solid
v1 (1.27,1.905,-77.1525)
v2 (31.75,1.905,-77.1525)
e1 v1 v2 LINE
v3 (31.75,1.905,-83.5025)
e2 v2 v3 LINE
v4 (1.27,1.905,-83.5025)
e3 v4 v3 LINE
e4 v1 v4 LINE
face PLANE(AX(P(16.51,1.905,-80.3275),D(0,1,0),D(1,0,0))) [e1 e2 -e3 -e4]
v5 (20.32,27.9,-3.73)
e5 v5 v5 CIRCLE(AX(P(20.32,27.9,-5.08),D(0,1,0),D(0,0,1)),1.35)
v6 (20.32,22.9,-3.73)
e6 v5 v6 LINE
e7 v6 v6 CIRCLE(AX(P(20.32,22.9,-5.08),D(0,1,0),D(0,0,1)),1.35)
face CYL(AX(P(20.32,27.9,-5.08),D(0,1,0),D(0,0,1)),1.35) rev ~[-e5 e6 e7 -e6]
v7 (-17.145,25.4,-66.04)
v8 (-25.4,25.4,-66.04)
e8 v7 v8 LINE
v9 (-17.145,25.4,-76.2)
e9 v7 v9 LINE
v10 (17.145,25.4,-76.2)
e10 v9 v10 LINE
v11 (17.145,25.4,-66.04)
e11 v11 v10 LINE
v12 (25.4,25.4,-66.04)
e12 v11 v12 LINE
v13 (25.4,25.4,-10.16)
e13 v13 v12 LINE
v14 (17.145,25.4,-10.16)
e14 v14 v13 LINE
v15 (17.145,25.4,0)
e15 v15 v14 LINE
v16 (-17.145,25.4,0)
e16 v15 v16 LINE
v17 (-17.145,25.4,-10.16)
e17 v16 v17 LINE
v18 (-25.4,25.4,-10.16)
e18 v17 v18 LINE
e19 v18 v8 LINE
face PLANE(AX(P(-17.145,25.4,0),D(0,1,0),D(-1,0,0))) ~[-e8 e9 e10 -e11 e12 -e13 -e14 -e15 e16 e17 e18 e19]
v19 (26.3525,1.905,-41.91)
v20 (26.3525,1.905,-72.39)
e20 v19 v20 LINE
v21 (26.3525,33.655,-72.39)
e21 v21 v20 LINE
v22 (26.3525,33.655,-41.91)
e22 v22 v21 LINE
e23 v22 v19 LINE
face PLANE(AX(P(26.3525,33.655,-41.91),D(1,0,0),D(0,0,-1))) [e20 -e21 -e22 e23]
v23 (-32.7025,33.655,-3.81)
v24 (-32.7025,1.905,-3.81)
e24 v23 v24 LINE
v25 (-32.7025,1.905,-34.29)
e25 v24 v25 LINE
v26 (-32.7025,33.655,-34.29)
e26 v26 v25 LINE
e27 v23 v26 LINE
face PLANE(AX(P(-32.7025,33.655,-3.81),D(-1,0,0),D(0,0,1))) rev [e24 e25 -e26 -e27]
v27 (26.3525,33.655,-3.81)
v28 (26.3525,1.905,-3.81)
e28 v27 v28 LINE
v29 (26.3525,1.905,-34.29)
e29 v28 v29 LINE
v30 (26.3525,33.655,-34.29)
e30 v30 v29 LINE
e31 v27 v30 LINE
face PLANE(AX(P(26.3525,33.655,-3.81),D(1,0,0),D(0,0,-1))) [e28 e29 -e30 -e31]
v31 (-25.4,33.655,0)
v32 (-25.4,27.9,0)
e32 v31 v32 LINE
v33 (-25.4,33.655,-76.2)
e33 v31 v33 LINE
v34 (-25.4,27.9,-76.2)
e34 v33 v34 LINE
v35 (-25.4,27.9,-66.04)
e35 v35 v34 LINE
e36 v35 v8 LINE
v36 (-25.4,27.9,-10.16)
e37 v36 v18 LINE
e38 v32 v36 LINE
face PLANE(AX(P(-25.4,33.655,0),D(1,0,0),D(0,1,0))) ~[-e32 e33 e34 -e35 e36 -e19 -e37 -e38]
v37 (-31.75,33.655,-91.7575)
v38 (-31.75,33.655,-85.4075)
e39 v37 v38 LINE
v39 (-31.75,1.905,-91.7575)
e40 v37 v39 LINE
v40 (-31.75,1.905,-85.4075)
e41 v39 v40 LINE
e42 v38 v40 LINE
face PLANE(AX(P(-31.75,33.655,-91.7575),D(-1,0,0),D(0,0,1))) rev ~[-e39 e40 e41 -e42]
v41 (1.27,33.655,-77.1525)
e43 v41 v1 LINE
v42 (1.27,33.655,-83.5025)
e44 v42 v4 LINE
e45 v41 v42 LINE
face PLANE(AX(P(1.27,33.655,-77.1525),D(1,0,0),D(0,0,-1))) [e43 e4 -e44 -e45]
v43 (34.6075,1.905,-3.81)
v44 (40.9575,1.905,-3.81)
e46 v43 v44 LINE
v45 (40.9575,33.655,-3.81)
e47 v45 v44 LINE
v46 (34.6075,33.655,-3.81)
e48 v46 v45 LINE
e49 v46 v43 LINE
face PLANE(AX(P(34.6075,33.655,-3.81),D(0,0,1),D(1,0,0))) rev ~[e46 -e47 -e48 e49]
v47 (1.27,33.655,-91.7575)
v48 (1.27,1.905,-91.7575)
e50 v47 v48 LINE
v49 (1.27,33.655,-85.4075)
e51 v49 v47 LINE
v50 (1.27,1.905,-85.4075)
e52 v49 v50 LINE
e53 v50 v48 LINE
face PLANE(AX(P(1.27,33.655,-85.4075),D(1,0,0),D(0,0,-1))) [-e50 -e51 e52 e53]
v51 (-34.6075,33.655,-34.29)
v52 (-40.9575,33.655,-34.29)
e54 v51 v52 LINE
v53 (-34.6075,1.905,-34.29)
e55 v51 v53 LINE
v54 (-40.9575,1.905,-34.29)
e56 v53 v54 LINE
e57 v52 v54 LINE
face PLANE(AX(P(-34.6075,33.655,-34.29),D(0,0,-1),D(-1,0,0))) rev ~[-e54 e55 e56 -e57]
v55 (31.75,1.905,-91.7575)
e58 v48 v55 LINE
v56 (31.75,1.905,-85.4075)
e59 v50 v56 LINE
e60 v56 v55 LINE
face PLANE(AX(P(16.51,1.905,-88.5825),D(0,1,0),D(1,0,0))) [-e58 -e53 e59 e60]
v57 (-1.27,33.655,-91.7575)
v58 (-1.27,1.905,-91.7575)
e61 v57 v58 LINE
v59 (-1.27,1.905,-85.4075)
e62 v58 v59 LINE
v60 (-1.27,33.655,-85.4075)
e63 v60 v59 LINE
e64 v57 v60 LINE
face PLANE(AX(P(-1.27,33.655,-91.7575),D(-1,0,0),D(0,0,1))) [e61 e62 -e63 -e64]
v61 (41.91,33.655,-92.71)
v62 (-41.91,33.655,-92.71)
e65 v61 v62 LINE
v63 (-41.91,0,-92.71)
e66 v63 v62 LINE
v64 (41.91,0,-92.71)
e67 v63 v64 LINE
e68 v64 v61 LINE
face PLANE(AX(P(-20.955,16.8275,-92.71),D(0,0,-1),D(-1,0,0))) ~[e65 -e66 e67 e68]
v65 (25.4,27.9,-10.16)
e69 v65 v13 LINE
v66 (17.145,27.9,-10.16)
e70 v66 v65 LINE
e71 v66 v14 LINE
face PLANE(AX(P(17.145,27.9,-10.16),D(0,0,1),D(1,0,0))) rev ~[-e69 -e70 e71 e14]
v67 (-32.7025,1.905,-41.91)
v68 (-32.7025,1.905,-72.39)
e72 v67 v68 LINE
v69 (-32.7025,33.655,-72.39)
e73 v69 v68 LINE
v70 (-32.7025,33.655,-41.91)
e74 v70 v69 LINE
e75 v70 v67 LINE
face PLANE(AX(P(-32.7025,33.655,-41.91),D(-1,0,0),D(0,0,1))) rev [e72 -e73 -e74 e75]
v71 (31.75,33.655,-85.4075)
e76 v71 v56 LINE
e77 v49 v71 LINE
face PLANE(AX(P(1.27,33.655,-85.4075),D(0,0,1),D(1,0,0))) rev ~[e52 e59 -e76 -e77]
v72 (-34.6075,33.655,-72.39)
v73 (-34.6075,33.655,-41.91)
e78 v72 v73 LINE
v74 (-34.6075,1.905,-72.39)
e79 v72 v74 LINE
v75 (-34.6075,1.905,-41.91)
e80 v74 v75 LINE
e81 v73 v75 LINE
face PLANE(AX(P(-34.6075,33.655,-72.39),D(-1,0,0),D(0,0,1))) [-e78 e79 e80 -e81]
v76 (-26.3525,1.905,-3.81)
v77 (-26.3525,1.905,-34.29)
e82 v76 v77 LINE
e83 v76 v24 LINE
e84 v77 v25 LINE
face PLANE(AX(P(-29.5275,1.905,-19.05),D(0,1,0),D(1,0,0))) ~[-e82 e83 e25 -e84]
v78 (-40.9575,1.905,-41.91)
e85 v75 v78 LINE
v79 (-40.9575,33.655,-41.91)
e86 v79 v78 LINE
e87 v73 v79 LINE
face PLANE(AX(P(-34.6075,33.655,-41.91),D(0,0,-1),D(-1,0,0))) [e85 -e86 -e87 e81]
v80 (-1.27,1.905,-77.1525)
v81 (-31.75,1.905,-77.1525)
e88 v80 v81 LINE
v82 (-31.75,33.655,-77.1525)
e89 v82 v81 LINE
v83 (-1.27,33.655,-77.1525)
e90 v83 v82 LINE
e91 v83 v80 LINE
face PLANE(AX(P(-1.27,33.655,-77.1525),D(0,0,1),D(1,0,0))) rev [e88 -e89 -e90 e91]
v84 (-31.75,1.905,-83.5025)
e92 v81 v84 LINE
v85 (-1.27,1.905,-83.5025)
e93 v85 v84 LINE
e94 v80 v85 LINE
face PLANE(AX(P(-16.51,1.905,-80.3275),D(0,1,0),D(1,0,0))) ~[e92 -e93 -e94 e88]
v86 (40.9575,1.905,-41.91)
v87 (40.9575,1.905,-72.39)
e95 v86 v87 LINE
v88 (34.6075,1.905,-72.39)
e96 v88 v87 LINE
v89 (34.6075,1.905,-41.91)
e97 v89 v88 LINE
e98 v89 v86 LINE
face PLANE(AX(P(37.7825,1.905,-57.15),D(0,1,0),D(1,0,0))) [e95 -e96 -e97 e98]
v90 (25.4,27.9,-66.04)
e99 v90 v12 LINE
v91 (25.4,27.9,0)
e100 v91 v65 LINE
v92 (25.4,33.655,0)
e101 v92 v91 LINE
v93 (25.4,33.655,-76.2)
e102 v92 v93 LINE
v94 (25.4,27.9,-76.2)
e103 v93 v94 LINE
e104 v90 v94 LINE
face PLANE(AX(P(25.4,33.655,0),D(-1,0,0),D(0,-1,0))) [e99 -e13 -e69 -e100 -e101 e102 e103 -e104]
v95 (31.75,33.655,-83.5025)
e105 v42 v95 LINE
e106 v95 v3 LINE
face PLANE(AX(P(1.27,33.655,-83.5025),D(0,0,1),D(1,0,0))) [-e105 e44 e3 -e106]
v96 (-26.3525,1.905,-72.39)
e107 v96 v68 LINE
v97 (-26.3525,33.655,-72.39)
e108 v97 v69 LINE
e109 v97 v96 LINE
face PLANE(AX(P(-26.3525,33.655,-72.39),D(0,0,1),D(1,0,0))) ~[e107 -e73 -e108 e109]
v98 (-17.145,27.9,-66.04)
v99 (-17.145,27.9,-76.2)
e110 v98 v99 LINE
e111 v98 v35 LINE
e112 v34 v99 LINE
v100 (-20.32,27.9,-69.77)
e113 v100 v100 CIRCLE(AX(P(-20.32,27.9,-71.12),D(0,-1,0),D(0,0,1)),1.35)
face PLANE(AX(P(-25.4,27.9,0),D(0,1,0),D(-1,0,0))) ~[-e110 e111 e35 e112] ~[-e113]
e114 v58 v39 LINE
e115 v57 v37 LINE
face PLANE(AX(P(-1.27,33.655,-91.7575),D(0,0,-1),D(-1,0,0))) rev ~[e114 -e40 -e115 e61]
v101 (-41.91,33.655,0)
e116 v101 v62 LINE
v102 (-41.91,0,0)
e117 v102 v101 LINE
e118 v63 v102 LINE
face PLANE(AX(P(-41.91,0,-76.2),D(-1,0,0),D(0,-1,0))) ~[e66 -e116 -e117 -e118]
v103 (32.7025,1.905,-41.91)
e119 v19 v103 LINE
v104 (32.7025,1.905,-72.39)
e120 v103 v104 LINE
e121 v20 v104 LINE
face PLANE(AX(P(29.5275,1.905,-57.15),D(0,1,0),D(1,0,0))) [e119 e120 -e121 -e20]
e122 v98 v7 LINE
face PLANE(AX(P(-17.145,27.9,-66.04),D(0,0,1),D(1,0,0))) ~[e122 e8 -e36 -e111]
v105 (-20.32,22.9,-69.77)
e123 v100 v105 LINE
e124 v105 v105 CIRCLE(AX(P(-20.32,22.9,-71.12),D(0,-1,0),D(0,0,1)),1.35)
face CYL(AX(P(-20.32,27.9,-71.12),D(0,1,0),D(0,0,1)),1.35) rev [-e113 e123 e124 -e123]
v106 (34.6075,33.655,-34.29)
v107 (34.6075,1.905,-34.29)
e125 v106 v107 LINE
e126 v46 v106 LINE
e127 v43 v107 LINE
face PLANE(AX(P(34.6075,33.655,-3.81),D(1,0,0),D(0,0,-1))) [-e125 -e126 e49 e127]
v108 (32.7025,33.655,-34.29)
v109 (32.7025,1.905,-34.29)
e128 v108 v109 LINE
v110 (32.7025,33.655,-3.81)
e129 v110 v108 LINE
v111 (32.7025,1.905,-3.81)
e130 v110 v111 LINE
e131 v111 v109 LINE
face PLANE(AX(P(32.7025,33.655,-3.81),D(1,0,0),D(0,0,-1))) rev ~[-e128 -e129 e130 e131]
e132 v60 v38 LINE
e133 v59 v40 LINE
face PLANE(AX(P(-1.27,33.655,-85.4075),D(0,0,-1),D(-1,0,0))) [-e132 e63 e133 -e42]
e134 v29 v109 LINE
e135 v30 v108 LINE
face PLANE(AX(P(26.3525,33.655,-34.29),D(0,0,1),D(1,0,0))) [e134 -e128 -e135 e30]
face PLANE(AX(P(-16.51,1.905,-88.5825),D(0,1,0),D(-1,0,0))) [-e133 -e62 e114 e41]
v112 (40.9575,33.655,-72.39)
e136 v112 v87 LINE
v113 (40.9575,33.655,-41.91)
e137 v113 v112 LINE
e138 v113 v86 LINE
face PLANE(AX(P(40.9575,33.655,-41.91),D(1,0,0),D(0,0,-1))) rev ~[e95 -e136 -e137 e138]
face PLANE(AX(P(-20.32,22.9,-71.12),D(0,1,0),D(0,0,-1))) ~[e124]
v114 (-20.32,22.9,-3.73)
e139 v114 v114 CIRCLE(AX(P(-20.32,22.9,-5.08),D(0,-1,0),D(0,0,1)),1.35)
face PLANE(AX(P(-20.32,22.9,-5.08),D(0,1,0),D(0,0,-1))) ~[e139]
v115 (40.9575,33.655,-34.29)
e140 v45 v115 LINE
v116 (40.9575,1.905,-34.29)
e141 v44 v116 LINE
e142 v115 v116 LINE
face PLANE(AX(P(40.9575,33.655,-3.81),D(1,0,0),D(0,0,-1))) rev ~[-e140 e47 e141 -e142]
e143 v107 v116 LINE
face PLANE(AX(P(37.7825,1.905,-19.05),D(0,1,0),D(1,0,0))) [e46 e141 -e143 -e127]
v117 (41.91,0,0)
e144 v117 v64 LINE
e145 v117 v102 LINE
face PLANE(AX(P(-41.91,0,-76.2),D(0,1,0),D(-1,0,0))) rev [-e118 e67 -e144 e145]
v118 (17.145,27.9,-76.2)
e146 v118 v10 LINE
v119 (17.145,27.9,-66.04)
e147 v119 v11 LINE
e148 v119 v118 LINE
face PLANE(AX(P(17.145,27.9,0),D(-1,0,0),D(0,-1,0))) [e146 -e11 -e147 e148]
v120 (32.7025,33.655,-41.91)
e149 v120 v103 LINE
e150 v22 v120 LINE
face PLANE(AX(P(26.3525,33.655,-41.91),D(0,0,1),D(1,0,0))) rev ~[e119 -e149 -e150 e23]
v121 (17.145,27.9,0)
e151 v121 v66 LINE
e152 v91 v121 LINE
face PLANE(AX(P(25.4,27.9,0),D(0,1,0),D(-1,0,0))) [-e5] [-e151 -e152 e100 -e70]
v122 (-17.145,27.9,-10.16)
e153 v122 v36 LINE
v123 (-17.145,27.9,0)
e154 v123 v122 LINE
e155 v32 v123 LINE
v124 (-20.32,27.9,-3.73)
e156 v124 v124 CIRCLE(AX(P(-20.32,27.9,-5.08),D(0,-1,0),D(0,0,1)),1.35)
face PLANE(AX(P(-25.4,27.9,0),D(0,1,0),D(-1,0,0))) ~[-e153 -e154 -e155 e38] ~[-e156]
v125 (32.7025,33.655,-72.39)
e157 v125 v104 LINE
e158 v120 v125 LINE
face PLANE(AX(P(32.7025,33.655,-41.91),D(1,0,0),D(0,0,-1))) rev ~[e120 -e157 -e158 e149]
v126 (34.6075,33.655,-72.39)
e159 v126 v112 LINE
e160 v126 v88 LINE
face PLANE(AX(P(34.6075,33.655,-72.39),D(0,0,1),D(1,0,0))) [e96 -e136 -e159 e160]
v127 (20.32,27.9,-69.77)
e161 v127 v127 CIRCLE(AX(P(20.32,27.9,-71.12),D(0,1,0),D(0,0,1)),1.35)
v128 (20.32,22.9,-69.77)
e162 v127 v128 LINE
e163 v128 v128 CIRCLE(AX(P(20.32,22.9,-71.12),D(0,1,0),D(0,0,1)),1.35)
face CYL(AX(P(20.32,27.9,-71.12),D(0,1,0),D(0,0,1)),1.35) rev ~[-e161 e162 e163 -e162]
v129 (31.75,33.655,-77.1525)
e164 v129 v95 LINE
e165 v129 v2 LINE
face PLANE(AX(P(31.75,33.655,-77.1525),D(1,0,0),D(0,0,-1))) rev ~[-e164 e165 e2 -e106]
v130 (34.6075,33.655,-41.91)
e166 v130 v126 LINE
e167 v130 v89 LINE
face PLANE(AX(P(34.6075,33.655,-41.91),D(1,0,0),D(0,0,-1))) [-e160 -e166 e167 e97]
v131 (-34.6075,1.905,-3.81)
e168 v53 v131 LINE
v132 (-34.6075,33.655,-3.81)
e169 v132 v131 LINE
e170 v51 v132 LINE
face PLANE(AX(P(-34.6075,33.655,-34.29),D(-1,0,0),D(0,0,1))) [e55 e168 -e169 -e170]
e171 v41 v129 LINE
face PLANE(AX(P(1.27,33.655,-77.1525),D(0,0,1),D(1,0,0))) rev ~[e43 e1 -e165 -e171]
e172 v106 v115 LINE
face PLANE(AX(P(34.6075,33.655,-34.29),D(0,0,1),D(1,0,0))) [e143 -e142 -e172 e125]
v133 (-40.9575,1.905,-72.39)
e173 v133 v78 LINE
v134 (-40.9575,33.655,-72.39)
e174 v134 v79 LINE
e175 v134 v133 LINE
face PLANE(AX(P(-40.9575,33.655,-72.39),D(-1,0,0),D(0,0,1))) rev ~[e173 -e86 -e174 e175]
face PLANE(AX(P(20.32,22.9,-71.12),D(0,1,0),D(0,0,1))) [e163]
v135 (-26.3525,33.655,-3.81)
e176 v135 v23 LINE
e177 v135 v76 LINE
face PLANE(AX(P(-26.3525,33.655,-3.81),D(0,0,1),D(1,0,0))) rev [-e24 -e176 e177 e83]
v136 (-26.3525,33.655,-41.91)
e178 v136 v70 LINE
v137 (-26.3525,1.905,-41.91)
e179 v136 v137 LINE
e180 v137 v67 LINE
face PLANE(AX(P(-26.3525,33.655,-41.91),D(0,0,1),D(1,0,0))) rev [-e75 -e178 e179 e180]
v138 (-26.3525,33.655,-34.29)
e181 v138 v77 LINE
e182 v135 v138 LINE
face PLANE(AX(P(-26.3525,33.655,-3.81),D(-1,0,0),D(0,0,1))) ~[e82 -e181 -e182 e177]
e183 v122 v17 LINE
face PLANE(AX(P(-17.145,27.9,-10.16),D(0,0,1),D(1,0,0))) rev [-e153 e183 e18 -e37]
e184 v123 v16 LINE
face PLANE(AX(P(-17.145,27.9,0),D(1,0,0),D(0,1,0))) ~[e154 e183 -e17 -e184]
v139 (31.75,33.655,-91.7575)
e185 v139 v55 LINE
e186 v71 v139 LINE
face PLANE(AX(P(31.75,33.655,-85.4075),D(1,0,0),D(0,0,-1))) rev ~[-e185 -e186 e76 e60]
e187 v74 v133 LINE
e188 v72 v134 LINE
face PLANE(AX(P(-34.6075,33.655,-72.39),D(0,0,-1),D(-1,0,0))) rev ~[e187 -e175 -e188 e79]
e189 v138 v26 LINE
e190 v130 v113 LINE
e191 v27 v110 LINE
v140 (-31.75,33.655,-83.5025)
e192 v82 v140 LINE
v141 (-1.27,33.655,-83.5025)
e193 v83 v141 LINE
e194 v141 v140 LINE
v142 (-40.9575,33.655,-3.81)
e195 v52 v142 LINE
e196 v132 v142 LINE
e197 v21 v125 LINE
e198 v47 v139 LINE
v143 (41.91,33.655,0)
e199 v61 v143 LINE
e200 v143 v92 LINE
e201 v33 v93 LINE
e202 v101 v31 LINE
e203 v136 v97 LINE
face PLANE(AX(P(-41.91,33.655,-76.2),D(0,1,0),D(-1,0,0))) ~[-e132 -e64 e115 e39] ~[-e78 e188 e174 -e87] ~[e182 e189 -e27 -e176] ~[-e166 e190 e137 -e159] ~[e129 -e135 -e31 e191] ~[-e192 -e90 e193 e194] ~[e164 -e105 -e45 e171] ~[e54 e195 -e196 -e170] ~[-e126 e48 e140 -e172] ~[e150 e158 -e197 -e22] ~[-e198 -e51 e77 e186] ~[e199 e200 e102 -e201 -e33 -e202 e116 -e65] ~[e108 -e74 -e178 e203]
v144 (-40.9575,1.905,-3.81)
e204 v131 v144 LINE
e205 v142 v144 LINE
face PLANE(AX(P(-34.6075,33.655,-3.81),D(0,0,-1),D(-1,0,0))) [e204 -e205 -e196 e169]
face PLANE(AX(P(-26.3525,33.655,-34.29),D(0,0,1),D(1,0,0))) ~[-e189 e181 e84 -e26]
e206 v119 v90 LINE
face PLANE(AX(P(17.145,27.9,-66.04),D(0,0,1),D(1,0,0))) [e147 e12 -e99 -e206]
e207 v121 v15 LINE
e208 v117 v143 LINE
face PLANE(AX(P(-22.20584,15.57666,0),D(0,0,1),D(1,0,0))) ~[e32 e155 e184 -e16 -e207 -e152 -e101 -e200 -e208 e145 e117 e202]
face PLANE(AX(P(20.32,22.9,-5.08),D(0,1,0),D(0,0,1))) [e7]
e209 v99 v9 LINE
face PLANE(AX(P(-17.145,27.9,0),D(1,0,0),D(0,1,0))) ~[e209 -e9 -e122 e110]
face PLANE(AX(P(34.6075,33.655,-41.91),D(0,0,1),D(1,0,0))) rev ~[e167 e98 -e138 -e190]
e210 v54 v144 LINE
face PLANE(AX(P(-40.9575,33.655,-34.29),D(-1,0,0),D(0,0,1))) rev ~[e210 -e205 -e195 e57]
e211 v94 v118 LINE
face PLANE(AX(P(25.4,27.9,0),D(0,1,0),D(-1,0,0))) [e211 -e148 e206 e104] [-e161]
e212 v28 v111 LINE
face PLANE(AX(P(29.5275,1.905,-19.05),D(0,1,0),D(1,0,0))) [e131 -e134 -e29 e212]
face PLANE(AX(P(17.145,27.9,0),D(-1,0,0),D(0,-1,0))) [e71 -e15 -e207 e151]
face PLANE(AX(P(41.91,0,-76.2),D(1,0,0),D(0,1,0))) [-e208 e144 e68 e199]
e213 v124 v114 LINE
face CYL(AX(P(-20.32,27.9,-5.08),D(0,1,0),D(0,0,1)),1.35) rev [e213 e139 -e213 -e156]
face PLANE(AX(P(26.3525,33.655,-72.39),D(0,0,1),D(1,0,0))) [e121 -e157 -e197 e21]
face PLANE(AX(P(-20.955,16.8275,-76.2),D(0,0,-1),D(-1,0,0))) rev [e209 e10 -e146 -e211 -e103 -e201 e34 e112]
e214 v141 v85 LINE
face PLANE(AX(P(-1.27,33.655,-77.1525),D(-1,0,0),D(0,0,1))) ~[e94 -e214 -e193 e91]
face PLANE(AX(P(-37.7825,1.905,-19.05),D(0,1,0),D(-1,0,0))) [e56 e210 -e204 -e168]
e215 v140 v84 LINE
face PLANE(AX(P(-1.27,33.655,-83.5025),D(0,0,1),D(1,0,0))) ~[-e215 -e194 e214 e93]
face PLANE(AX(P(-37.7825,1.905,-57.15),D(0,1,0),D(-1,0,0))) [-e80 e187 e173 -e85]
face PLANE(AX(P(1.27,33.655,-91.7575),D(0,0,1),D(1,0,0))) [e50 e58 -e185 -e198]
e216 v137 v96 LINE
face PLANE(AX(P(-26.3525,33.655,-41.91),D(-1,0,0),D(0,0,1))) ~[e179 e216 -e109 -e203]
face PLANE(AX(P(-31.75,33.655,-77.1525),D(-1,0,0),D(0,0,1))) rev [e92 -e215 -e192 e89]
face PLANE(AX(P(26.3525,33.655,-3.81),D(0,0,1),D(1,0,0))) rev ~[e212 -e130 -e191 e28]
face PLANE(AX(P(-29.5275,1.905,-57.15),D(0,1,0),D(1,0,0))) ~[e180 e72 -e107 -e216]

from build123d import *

# Parameters (mm, degrees)
BOSS_EXTRUDE1_DEPTH     = 76.2
SKETCH3_W               = 6.35
SKETCH3_H               = 30.48
CUT_EXTRUDE1_DEPTH      = 31.75
LPATTERN11_COUNT        = 2
LPATTERN11_PITCH        = 8.255
SKETCH4_W               = 41.91
SKETCH4_H               = 33.655
BOSS_EXTRUDE2_DEPTH     = 16.51
SKETCH5_W               = 30.48
SKETCH5_H               = 6.35
CUT_EXTRUDE2_DEPTH      = 31.75
SKETCH6_R               = 1.35
CUT_EXTRUDE3_DEPTH      = 5
SKETCH9_W               = 8.255
SKETCH9_H               = 55.88
CUT_EXTRUDE5_DEPTH      = 2.5
LPATTERN12_COUNT        = 2
LPATTERN12_PITCH        = 8.255
MIRROR3_COPY_1_SKETCH_W = 6.35
MIRROR3_COPY_1_SKETCH_H = 30.48
MIRROR3_COPY_1_DEPTH    = 31.75
MIRROR3_COPY_2_SKETCH_W = 30.48
MIRROR3_COPY_2_SKETCH_H = 6.35
MIRROR3_COPY_2_DEPTH    = 31.75


with BuildPart() as part:
    # Sketch2 → Boss-Extrude1 (new body)
    with BuildSketch(Plane.XY):
        Polygon((0, 0), (41.91, 0), (41.91, 33.655), (25.4, 33.655), (25.4, 27.9), (17.145, 27.9), (17.145, 25.4), (0, 25.4), align=None)
    boss_extrude1 = extrude(amount=-BOSS_EXTRUDE1_DEPTH)

    # Sketch3 → Cut-Extrude1 (cut)
    with BuildSketch(Plane(origin=(0, 33.655, 0), x_dir=(1, 0, 0), z_dir=(0, 1, 0))):
        with Locations((29.5275, 19.05)):
            Rectangle(SKETCH3_W, SKETCH3_H)
        with Locations((29.5275, 57.15)):
            Rectangle(SKETCH3_W, SKETCH3_H)
    cut_extrude1 = extrude(amount=-CUT_EXTRUDE1_DEPTH, mode=Mode.SUBTRACT)

    # LPattern11: Cut-Extrude1 ×2
    with Locations(*[(i * LPATTERN11_PITCH, 0, 0) for i in range(1, LPATTERN11_COUNT)]):
        add(cut_extrude1, mode=Mode.SUBTRACT)

    # Sketch4 → Boss-Extrude2 (add)
    with BuildSketch(Plane(origin=(0, 0, -76.2), x_dir=(-1, 0, 0), z_dir=(0, 0, -1))):
        with Locations((-20.955, 16.8275)):
            Rectangle(SKETCH4_W, SKETCH4_H)
    boss_extrude2 = extrude(amount=BOSS_EXTRUDE2_DEPTH)

    # Sketch5 → Cut-Extrude2 (cut)
    with BuildSketch(Plane(origin=(0, 33.655, 0), x_dir=(1, 0, 0), z_dir=(0, 1, 0))):
        with Locations((16.51, 80.3275)):
            Rectangle(SKETCH5_W, SKETCH5_H)
    cut_extrude2 = extrude(amount=-CUT_EXTRUDE2_DEPTH, mode=Mode.SUBTRACT)

    # Sketch6 → Cut-Extrude3 (cut)
    with BuildSketch(Plane(origin=(0, 27.9, 0), x_dir=(1, 0, 0), z_dir=(0, 1, 0))):
        with Locations(Location((20.32, 5.08, 0), (0, 0, 270))):
            Circle(SKETCH6_R)
        with Locations(Location((20.32, 71.12, 0), (0, 0, 270))):
            Circle(SKETCH6_R)
    cut_extrude3 = extrude(amount=-CUT_EXTRUDE3_DEPTH, mode=Mode.SUBTRACT)

    # Sketch9 → Cut-Extrude5 (cut)
    with BuildSketch(Plane(origin=(0, 27.9, 0), x_dir=(1, 0, 0), z_dir=(0, 1, 0))):
        with Locations((21.2725, 38.1)):
            Rectangle(SKETCH9_W, SKETCH9_H)
    cut_extrude5 = extrude(amount=-CUT_EXTRUDE5_DEPTH, mode=Mode.SUBTRACT)

    # LPattern12: Cut-Extrude2 ×2
    with Locations(*[(0, 0, -i * LPATTERN12_PITCH) for i in range(1, LPATTERN12_COUNT)]):
        add(cut_extrude2, mode=Mode.SUBTRACT)

    # Mirror3: Boss-Extrude1, Cut-Extrude1, Boss-Extrude2, Cut-Extrude2, Cut-Extrude3, Cut-Extrude5 across plane
    add(boss_extrude1.mirror(Plane(origin=(0, 25.4, -76.2), x_dir=(0, 0, 1), z_dir=(-1, 0, 0))))
    add(cut_extrude1.mirror(Plane(origin=(0, 25.4, -76.2), x_dir=(0, 0, 1), z_dir=(-1, 0, 0))), mode=Mode.SUBTRACT)
    add(boss_extrude2.mirror(Plane(origin=(0, 25.4, -76.2), x_dir=(0, 0, 1), z_dir=(-1, 0, 0))))
    add(cut_extrude2.mirror(Plane(origin=(0, 25.4, -76.2), x_dir=(0, 0, 1), z_dir=(-1, 0, 0))), mode=Mode.SUBTRACT)
    add(cut_extrude3.mirror(Plane(origin=(0, 25.4, -76.2), x_dir=(0, 0, 1), z_dir=(-1, 0, 0))), mode=Mode.SUBTRACT)
    add(cut_extrude5.mirror(Plane(origin=(0, 25.4, -76.2), x_dir=(0, 0, 1), z_dir=(-1, 0, 0))), mode=Mode.SUBTRACT)

    # Mirror3 copy 1 sketch → Mirror3 copy 1 (cut)
    with BuildSketch(Plane(origin=(-8.255, 33.655, 0), x_dir=(-1, 0, 0), z_dir=(0, 1, 0))):
        with Locations((29.5275, -19.05)):
            Rectangle(MIRROR3_COPY_1_SKETCH_W, MIRROR3_COPY_1_SKETCH_H)
        with Locations((29.5275, -57.15)):
            Rectangle(MIRROR3_COPY_1_SKETCH_W, MIRROR3_COPY_1_SKETCH_H)
    extrude(amount=-MIRROR3_COPY_1_DEPTH, mode=Mode.SUBTRACT)

    # Mirror3 copy 2 sketch → Mirror3 copy 2 (cut)
    with BuildSketch(Plane(origin=(0, 33.655, -8.255), x_dir=(-1, 0, 0), z_dir=(0, 1, 0))):
        with Locations((16.51, -80.3275)):
            Rectangle(MIRROR3_COPY_2_SKETCH_W, MIRROR3_COPY_2_SKETCH_H)
    extrude(amount=-MIRROR3_COPY_2_DEPTH, mode=Mode.SUBTRACT)


solid = part.part
